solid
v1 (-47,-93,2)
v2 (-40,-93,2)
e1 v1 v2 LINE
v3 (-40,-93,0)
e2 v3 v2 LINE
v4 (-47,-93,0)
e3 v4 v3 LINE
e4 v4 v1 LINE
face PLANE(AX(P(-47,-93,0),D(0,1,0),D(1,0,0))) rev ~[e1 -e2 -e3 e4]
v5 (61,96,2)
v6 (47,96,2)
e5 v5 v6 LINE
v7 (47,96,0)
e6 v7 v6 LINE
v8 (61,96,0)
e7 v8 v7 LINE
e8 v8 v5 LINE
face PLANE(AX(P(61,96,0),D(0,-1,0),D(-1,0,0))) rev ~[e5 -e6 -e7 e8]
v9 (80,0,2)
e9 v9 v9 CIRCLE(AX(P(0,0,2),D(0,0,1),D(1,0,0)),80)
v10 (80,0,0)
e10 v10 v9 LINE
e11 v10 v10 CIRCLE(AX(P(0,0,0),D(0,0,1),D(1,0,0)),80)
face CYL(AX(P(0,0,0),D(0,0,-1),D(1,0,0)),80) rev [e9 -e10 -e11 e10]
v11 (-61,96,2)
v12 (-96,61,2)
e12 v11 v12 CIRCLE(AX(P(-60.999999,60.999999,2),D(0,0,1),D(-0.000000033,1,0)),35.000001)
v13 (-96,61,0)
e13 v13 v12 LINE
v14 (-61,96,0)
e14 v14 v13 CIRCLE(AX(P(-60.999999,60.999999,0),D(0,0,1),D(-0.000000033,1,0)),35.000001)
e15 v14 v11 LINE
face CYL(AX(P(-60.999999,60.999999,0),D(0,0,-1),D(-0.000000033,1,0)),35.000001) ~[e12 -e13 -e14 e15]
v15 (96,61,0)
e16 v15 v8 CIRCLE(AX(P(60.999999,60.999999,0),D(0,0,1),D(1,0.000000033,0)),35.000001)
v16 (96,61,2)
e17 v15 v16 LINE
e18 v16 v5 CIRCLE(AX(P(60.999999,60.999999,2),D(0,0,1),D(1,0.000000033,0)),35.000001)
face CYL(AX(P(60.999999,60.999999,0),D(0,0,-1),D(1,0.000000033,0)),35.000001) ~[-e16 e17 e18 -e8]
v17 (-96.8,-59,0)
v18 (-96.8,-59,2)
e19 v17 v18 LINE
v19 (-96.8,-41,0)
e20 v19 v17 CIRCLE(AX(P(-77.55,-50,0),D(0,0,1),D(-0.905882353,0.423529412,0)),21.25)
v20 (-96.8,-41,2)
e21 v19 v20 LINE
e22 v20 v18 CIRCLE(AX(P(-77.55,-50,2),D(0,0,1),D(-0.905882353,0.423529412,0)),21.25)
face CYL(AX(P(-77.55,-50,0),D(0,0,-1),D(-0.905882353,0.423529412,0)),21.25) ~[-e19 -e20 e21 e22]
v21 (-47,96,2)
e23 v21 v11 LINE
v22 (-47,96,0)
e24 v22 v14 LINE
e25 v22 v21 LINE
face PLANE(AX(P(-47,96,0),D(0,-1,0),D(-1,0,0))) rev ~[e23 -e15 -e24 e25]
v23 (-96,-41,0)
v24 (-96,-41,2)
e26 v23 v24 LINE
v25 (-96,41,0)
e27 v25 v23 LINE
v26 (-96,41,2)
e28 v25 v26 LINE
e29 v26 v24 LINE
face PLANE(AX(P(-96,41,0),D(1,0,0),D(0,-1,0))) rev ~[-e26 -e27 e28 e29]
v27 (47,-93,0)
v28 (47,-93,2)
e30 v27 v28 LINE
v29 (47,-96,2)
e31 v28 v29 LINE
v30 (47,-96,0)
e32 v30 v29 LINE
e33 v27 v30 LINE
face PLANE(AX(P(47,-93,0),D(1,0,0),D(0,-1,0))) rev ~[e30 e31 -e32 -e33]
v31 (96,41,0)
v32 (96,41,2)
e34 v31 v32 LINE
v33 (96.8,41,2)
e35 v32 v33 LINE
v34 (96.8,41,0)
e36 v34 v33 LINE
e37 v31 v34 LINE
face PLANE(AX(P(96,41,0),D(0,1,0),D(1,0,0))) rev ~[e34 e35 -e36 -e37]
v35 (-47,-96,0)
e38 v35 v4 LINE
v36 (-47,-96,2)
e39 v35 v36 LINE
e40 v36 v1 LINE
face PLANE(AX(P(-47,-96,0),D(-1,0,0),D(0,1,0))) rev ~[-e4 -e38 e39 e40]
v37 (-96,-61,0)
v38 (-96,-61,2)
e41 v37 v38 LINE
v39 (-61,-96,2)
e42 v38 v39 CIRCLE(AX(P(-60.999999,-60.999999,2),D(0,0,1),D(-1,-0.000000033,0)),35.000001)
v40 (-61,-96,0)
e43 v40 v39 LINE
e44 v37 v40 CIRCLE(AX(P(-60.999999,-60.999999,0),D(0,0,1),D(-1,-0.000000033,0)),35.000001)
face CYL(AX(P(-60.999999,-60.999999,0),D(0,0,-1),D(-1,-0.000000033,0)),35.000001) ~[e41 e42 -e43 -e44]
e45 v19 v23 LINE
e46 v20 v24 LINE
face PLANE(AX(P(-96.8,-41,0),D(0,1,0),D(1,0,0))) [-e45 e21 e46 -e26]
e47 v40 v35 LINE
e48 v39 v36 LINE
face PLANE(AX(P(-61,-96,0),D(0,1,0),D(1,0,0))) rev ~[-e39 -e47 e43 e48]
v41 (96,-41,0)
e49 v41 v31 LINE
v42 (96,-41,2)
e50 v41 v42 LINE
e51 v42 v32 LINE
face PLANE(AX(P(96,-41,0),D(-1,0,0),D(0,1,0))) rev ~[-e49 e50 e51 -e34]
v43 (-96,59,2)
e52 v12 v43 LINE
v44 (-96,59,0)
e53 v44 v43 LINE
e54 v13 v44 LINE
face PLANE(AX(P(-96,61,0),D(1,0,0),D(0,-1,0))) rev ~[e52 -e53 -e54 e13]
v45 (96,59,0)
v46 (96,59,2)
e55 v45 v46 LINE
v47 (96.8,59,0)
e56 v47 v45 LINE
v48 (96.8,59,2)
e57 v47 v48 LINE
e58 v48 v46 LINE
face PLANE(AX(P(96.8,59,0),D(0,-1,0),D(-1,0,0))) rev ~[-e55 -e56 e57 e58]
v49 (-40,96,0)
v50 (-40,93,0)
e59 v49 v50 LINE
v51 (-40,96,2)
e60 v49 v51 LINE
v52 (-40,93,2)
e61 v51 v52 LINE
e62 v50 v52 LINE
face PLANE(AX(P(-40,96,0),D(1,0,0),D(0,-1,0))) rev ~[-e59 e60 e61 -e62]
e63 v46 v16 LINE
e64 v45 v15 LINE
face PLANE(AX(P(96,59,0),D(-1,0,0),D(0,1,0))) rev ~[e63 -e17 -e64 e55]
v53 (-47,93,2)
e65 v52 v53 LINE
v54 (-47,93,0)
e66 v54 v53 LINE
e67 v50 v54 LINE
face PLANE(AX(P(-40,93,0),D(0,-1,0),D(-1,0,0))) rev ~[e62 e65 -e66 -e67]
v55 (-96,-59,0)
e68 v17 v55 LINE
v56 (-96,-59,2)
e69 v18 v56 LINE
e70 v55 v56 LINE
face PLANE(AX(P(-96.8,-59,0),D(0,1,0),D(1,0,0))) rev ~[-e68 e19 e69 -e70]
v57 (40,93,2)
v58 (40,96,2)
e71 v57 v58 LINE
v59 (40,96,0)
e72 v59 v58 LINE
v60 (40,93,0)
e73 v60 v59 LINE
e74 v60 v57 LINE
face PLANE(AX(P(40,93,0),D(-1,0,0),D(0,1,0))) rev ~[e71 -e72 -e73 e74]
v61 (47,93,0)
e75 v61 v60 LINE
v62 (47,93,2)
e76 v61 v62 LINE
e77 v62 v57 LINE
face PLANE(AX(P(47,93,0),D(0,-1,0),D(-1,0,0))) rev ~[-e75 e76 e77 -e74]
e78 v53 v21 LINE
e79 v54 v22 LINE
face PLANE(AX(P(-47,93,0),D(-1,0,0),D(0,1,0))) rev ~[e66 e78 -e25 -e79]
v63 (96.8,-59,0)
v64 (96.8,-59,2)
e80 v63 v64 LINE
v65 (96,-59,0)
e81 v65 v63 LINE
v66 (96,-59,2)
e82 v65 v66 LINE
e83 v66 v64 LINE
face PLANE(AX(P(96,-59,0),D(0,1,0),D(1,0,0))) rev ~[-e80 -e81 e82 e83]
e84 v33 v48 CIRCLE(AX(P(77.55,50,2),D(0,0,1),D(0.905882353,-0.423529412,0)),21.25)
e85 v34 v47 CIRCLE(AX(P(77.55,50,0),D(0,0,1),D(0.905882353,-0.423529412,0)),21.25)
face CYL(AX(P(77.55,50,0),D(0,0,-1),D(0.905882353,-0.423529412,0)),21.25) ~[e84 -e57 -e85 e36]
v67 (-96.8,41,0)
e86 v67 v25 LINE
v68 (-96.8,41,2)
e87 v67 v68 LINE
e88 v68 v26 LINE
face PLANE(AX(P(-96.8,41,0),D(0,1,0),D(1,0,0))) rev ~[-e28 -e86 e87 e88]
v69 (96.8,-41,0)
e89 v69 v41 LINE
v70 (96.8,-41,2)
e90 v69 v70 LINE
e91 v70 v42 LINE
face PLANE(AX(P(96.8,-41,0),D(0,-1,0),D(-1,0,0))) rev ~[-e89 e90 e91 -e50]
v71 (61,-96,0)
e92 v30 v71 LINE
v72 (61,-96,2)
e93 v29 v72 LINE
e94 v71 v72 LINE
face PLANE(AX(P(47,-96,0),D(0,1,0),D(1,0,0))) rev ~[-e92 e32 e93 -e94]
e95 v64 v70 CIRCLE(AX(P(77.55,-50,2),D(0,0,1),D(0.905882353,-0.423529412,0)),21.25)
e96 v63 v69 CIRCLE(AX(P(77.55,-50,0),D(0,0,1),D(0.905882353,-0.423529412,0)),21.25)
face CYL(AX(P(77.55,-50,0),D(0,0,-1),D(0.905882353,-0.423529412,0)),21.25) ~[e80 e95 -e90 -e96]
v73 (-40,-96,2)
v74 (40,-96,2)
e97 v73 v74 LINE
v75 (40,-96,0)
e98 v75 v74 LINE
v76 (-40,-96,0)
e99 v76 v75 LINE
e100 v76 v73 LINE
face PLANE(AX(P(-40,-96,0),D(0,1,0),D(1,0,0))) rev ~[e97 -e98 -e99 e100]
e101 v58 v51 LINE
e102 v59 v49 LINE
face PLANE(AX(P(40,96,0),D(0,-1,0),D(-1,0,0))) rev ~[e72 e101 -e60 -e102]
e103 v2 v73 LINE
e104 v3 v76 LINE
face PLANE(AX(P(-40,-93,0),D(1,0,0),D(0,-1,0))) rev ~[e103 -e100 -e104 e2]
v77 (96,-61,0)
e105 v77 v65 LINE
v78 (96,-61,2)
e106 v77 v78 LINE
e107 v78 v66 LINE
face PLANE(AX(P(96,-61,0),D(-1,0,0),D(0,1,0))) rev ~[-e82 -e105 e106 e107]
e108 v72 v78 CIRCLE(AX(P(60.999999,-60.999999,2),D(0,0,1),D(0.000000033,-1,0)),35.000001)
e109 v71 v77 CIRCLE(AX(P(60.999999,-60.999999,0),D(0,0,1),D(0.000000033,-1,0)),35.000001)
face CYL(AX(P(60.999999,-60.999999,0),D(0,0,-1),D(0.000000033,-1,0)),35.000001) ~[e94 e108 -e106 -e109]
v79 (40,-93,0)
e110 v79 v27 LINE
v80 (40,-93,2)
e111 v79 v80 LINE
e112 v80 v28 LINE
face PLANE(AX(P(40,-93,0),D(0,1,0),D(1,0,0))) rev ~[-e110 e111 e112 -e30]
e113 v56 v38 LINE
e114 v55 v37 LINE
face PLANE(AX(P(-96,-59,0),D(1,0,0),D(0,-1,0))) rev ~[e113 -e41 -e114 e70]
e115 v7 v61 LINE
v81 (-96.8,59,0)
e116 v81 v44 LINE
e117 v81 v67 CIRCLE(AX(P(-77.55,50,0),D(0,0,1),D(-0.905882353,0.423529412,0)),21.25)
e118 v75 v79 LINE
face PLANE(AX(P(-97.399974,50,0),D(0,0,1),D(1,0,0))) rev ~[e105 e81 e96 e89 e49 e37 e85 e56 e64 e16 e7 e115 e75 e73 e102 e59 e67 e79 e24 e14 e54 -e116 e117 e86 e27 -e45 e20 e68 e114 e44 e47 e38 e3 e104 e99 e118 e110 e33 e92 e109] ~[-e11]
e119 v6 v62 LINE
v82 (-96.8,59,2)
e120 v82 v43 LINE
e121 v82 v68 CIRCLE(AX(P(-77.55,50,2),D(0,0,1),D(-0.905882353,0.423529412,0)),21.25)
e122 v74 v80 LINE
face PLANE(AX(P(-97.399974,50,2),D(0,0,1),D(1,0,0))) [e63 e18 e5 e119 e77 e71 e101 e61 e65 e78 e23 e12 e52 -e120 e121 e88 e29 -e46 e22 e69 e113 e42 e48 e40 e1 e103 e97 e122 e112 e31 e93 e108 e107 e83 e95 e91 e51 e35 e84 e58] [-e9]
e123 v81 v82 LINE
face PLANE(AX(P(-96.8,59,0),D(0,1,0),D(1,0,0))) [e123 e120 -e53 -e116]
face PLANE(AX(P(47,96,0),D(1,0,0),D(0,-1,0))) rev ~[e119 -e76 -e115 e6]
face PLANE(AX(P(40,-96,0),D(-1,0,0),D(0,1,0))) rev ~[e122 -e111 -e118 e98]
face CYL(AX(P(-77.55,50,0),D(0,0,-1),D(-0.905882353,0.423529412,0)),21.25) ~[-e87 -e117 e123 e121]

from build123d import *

# Parameters (mm, degrees)
F0_W     = 0.8
F0_H     = 18
F0_R     = 80
F1_DEPTH = 2


with BuildPart() as f1:
    # F0 (on Top) → F1 (new body)
    with BuildSketch(Plane.XY):
        with BuildLine():
            Line((-96.8, 41), (-96.8, 59))
            ThreePointArc((-96.8, 59), (-98.8, 50), (-96.8, 41))
        make_face()
        with Locations((-96.4, -50)):
            Rectangle(F0_W, F0_H)
        with BuildLine():
            Line((96.8, 59), (96, 59))
            Line((96, 59), (96, 41))
            Line((96, 41), (96.8, 41))
            ThreePointArc((96.8, 41), (98.8, 50), (96.8, 59))
        make_face()
        with BuildLine():
            Line((-96.8, -59), (-96.8, -41))
            ThreePointArc((-96.8, -41), (-98.8, -50), (-96.8, -59))
        make_face()
        with BuildLine():
            ThreePointArc((96, 61), (85.748737, 85.748737), (61, 96))
            Line((61, 96), (47, 96))
            Line((47, 96), (47, 93))
            Line((47, 93), (40, 93))
            Line((40, 93), (40, 96))
            Line((40, 96), (-40, 96))
            Line((-40, 96), (-40, 93))
            Line((-40, 93), (-47, 93))
            Line((-47, 93), (-47, 96))
            Line((-47, 96), (-61, 96))
            ThreePointArc((-61, 96), (-85.748737, 85.748737), (-96, 61))
            Line((-96, 61), (-96, 59))
            Line((-96, 59), (-96, 41))
            Line((-96, 41), (-96, -41))
            Line((-96, -41), (-96, -59))
            Line((-96, -59), (-96, -61))
            ThreePointArc((-96, -61), (-85.748737, -85.748737), (-61, -96))
            Line((-61, -96), (-47, -96))
            Line((-47, -96), (-47, -93))
            Line((-47, -93), (-40, -93))
            Line((-40, -93), (-40, -96))
            Line((-40, -96), (40, -96))
            Line((40, -96), (40, -93))
            Line((40, -93), (47, -93))
            Line((47, -93), (47, -96))
            Line((47, -96), (61, -96))
            ThreePointArc((61, -96), (85.748737, -85.748737), (96, -61))
            Line((96, -61), (96, -59))
            Line((96, -59), (96, -41))
            Line((96, -41), (96, 41))
            Line((96, 41), (96, 59))
            Line((96, 59), (96, 61))
        make_face()
        Circle(F0_R, mode=Mode.SUBTRACT)
        with Locations((-96.4, 50)):
            Rectangle(F0_W, F0_H)
        with BuildLine():
            Line((96.8, -41), (96, -41))
            Line((96, -41), (96, -59))
            Line((96, -59), (96.8, -59))
            ThreePointArc((96.8, -59), (98.8, -50), (96.8, -41))
        make_face()
    extrude(amount=F1_DEPTH)


solid = f1.part
